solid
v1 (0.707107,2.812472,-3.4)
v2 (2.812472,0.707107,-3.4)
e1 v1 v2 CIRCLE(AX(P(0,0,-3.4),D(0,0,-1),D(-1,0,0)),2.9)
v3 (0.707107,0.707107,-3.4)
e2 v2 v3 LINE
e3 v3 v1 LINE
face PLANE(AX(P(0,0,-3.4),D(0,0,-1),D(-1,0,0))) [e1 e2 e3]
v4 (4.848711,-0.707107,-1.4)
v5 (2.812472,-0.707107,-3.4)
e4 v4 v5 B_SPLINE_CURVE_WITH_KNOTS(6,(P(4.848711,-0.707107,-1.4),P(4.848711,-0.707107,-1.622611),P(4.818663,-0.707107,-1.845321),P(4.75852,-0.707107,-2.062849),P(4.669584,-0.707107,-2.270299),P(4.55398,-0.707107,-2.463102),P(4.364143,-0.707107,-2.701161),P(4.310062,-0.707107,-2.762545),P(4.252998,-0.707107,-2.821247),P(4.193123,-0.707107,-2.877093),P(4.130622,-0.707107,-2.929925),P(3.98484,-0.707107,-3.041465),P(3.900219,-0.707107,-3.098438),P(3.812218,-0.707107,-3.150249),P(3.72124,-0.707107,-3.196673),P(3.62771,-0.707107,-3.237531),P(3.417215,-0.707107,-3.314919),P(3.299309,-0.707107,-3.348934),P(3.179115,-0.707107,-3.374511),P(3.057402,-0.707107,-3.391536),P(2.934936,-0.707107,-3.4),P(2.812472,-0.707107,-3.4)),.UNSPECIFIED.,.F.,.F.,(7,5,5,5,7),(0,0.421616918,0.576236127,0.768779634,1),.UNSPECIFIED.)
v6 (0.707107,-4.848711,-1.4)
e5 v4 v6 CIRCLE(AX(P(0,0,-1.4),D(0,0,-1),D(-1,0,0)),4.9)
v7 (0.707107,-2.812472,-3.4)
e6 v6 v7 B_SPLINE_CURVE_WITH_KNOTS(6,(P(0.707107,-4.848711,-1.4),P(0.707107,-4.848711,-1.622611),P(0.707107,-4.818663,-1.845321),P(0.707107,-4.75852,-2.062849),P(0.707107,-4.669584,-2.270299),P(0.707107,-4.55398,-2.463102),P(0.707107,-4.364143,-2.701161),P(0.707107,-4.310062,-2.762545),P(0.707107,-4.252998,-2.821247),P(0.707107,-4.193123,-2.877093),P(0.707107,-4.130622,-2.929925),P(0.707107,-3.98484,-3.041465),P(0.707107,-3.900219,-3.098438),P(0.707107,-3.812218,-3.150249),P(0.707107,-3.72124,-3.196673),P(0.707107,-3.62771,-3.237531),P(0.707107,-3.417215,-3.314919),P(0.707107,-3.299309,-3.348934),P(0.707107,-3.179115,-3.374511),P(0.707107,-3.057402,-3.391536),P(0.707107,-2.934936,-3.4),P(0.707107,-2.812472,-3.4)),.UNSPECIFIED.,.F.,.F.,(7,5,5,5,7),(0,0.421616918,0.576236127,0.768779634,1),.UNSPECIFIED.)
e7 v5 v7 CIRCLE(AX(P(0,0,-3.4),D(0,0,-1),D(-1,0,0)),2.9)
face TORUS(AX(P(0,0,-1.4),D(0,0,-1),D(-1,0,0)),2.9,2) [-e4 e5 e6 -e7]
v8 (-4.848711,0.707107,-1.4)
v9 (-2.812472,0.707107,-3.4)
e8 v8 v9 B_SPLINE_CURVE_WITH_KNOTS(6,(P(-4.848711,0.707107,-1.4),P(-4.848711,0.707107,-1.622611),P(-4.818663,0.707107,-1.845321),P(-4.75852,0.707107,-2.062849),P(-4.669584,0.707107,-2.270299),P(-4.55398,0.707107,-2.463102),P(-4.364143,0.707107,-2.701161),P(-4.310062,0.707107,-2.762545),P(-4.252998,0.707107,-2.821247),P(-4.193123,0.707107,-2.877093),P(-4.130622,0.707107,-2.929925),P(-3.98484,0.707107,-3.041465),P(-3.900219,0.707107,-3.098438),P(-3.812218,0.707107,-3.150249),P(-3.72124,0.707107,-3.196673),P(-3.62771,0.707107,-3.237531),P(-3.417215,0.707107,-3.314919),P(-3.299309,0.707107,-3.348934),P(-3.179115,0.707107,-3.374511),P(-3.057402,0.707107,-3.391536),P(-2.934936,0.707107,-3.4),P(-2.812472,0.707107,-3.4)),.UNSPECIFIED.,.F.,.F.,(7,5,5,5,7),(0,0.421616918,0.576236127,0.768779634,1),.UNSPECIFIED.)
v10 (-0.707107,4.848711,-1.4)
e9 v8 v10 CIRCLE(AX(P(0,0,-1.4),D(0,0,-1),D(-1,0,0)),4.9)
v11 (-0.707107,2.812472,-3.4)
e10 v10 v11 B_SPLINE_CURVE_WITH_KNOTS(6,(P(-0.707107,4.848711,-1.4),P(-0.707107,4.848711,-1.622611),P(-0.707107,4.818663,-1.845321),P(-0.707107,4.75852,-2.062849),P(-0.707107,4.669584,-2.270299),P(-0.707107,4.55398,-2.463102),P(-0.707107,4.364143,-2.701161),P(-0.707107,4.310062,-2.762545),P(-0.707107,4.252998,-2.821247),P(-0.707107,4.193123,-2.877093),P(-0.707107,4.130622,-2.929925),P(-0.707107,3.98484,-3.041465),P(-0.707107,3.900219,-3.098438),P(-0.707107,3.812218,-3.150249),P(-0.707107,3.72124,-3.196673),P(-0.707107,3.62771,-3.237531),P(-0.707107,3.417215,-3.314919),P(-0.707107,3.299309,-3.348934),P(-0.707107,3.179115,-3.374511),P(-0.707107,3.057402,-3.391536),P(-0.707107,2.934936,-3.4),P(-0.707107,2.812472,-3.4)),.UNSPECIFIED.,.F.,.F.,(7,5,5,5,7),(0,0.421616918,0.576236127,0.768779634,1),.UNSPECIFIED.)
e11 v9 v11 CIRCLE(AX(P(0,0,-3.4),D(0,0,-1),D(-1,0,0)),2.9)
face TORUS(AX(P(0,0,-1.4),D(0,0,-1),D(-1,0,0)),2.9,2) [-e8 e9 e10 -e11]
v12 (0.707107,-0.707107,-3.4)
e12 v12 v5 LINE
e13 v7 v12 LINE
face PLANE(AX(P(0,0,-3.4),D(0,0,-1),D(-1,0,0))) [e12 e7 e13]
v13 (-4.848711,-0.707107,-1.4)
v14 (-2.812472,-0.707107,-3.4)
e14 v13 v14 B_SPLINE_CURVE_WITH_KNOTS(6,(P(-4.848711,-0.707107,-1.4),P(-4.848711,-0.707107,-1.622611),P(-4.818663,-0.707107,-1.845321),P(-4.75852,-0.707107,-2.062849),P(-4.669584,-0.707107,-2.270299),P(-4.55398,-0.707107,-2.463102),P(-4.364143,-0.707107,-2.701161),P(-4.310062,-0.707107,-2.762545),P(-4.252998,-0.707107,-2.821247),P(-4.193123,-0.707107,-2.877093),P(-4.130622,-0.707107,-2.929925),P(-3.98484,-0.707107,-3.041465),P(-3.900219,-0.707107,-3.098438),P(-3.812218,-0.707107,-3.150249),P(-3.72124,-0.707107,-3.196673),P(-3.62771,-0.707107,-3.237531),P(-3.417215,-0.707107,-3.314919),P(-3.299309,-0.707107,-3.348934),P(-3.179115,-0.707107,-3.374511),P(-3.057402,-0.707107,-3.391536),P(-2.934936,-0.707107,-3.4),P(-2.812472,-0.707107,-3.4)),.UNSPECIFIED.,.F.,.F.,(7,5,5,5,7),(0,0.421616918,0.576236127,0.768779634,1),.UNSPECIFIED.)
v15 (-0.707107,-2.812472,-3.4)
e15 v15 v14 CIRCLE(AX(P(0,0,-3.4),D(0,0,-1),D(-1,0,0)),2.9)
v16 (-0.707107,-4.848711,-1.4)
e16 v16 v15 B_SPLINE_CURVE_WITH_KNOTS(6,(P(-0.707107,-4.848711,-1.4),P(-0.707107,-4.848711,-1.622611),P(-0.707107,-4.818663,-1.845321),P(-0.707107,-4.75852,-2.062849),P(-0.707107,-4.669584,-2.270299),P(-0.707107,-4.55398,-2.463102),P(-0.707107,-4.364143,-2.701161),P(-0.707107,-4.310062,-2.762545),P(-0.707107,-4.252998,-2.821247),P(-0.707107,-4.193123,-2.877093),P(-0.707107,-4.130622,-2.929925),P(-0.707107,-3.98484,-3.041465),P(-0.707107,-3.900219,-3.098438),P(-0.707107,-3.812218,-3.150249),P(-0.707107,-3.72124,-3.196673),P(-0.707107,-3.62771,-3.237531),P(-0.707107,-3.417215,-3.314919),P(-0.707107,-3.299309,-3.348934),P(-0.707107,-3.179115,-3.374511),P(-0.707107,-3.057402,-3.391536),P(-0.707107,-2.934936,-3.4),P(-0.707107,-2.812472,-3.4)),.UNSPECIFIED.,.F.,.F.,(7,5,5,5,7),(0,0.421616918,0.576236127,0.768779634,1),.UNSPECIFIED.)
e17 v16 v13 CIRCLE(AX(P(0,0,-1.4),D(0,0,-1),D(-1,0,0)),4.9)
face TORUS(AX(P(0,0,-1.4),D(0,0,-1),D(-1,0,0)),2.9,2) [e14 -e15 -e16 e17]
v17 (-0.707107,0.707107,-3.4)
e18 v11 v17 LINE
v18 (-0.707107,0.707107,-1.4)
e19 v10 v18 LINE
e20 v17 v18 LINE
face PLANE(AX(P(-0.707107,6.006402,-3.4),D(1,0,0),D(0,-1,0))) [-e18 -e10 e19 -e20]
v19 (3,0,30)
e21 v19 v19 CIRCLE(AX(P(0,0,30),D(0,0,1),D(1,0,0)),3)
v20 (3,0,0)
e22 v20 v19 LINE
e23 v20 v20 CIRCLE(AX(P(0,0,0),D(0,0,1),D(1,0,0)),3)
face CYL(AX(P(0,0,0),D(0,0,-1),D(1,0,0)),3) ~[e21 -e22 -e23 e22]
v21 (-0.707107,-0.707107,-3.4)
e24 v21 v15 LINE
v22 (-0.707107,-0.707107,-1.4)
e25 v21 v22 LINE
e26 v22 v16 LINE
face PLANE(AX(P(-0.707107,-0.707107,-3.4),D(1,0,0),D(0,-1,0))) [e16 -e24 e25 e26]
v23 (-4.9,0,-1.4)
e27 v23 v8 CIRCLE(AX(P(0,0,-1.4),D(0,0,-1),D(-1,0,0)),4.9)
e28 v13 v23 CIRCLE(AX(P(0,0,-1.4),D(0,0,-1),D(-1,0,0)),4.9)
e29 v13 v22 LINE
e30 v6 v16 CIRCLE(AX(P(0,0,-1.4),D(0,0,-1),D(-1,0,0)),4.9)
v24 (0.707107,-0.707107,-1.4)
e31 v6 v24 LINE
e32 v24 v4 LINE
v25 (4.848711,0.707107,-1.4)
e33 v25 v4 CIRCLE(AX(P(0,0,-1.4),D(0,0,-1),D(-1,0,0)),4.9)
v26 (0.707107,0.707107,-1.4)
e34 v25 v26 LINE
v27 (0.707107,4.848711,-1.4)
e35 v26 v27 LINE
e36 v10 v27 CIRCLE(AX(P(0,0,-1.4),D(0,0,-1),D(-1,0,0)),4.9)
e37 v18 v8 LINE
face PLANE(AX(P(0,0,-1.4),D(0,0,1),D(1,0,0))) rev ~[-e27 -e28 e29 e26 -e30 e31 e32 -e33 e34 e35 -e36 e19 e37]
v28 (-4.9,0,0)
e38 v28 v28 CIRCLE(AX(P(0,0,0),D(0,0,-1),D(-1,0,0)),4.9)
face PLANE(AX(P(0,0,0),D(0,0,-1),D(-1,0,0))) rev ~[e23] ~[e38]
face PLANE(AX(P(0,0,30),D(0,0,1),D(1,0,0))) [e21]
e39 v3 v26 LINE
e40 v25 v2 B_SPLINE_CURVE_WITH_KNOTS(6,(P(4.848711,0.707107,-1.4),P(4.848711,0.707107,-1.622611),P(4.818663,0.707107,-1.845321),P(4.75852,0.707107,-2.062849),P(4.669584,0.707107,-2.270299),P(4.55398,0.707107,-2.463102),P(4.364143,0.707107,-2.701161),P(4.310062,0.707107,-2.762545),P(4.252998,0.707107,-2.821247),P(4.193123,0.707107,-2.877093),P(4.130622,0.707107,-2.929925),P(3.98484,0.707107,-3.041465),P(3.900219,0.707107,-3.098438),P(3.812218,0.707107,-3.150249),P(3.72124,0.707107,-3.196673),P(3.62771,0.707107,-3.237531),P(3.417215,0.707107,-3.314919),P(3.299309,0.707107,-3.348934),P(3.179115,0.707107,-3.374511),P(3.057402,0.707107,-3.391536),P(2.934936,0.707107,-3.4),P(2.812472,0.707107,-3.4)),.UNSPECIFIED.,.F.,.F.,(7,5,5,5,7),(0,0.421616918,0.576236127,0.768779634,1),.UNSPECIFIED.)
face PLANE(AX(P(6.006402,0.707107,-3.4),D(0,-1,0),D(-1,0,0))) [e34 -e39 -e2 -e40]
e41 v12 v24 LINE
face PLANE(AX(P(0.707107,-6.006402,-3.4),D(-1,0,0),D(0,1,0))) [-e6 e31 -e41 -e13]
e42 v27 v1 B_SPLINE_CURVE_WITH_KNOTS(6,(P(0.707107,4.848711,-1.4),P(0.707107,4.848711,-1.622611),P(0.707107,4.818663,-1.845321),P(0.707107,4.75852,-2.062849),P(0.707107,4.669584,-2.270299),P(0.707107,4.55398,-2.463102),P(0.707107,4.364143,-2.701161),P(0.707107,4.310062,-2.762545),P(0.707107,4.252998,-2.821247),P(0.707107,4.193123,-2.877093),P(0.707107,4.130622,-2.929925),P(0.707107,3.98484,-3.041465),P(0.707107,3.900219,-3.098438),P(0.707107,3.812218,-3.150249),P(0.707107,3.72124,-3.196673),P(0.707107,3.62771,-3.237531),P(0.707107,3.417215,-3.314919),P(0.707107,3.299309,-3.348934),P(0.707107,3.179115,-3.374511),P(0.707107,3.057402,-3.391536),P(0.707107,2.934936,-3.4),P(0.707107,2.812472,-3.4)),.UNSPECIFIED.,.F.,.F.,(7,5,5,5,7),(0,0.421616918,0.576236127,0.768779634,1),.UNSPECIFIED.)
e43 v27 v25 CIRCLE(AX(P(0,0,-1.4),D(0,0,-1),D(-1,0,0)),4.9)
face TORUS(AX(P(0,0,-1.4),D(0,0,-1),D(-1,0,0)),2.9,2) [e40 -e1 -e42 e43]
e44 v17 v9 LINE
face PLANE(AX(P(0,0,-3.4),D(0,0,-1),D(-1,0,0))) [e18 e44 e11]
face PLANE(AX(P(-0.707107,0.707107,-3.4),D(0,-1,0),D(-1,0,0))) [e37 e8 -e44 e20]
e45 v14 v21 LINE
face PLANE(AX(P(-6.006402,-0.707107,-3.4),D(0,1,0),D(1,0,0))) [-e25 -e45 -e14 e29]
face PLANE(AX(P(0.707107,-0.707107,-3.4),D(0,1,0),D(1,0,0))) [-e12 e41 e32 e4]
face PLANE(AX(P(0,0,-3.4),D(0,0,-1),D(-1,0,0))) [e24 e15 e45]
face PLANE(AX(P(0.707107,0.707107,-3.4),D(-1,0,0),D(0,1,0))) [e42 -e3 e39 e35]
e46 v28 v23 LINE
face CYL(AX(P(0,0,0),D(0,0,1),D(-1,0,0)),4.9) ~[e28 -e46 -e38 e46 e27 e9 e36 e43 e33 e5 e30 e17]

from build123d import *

# Parameters (mm, degrees)
SKETCH_1_R          = 3
EXTRUDE_1_DEPTH     = 30
SKETCH_2_R          = 4.9
EXTRUDE_2_DEPTH     = 3.4
FILLET_1_R          = 2
CUT_EXTRUDE_1_DEPTH = 2


with BuildPart() as part:
    # 草图1 → 凸台-拉伸1 (new body)
    with BuildSketch(Plane.XY):
        Circle(SKETCH_1_R)
    extrude(amount=EXTRUDE_1_DEPTH)

    # 草图2 → 凸台-拉伸2 (add)
    with BuildSketch(Plane(origin=(0, 0, 0), x_dir=(-1, 0, 0), z_dir=(0, 0, -1))):
        Circle(SKETCH_2_R)
    extrude(amount=EXTRUDE_2_DEPTH)

    # 圆角1
    fillet_1_edges = [part.edges().sort_by_distance(p)[0] for p in [
        (4.9, 0, -3.4),
    ]]
    fillet(fillet_1_edges, radius=FILLET_1_R)

    # 草图3 → 切除-拉伸1 (cut)
    with BuildSketch(Plane(origin=(0, 0, -3.4), x_dir=(-1, 0, 0), z_dir=(0, 0, -1))):
        Polygon((-0.707106781, 0.707106781), (-0.707106781, 6.006401657), (0.707106781, 6.006401657), (0.707106781, 0.707106781), (6.006401657, 0.707106781), (6.006401657, -0.707106781), (0.707106781, -0.707106781), (0.707106781, -6.006401657), (-0.707106781, -6.006401657), (-0.707106781, -0.707106781), (-6.006401657, -0.707106781), (-6.006401657, 0.707106781), align=None)
    extrude(amount=-CUT_EXTRUDE_1_DEPTH, mode=Mode.SUBTRACT)


solid = part.part
